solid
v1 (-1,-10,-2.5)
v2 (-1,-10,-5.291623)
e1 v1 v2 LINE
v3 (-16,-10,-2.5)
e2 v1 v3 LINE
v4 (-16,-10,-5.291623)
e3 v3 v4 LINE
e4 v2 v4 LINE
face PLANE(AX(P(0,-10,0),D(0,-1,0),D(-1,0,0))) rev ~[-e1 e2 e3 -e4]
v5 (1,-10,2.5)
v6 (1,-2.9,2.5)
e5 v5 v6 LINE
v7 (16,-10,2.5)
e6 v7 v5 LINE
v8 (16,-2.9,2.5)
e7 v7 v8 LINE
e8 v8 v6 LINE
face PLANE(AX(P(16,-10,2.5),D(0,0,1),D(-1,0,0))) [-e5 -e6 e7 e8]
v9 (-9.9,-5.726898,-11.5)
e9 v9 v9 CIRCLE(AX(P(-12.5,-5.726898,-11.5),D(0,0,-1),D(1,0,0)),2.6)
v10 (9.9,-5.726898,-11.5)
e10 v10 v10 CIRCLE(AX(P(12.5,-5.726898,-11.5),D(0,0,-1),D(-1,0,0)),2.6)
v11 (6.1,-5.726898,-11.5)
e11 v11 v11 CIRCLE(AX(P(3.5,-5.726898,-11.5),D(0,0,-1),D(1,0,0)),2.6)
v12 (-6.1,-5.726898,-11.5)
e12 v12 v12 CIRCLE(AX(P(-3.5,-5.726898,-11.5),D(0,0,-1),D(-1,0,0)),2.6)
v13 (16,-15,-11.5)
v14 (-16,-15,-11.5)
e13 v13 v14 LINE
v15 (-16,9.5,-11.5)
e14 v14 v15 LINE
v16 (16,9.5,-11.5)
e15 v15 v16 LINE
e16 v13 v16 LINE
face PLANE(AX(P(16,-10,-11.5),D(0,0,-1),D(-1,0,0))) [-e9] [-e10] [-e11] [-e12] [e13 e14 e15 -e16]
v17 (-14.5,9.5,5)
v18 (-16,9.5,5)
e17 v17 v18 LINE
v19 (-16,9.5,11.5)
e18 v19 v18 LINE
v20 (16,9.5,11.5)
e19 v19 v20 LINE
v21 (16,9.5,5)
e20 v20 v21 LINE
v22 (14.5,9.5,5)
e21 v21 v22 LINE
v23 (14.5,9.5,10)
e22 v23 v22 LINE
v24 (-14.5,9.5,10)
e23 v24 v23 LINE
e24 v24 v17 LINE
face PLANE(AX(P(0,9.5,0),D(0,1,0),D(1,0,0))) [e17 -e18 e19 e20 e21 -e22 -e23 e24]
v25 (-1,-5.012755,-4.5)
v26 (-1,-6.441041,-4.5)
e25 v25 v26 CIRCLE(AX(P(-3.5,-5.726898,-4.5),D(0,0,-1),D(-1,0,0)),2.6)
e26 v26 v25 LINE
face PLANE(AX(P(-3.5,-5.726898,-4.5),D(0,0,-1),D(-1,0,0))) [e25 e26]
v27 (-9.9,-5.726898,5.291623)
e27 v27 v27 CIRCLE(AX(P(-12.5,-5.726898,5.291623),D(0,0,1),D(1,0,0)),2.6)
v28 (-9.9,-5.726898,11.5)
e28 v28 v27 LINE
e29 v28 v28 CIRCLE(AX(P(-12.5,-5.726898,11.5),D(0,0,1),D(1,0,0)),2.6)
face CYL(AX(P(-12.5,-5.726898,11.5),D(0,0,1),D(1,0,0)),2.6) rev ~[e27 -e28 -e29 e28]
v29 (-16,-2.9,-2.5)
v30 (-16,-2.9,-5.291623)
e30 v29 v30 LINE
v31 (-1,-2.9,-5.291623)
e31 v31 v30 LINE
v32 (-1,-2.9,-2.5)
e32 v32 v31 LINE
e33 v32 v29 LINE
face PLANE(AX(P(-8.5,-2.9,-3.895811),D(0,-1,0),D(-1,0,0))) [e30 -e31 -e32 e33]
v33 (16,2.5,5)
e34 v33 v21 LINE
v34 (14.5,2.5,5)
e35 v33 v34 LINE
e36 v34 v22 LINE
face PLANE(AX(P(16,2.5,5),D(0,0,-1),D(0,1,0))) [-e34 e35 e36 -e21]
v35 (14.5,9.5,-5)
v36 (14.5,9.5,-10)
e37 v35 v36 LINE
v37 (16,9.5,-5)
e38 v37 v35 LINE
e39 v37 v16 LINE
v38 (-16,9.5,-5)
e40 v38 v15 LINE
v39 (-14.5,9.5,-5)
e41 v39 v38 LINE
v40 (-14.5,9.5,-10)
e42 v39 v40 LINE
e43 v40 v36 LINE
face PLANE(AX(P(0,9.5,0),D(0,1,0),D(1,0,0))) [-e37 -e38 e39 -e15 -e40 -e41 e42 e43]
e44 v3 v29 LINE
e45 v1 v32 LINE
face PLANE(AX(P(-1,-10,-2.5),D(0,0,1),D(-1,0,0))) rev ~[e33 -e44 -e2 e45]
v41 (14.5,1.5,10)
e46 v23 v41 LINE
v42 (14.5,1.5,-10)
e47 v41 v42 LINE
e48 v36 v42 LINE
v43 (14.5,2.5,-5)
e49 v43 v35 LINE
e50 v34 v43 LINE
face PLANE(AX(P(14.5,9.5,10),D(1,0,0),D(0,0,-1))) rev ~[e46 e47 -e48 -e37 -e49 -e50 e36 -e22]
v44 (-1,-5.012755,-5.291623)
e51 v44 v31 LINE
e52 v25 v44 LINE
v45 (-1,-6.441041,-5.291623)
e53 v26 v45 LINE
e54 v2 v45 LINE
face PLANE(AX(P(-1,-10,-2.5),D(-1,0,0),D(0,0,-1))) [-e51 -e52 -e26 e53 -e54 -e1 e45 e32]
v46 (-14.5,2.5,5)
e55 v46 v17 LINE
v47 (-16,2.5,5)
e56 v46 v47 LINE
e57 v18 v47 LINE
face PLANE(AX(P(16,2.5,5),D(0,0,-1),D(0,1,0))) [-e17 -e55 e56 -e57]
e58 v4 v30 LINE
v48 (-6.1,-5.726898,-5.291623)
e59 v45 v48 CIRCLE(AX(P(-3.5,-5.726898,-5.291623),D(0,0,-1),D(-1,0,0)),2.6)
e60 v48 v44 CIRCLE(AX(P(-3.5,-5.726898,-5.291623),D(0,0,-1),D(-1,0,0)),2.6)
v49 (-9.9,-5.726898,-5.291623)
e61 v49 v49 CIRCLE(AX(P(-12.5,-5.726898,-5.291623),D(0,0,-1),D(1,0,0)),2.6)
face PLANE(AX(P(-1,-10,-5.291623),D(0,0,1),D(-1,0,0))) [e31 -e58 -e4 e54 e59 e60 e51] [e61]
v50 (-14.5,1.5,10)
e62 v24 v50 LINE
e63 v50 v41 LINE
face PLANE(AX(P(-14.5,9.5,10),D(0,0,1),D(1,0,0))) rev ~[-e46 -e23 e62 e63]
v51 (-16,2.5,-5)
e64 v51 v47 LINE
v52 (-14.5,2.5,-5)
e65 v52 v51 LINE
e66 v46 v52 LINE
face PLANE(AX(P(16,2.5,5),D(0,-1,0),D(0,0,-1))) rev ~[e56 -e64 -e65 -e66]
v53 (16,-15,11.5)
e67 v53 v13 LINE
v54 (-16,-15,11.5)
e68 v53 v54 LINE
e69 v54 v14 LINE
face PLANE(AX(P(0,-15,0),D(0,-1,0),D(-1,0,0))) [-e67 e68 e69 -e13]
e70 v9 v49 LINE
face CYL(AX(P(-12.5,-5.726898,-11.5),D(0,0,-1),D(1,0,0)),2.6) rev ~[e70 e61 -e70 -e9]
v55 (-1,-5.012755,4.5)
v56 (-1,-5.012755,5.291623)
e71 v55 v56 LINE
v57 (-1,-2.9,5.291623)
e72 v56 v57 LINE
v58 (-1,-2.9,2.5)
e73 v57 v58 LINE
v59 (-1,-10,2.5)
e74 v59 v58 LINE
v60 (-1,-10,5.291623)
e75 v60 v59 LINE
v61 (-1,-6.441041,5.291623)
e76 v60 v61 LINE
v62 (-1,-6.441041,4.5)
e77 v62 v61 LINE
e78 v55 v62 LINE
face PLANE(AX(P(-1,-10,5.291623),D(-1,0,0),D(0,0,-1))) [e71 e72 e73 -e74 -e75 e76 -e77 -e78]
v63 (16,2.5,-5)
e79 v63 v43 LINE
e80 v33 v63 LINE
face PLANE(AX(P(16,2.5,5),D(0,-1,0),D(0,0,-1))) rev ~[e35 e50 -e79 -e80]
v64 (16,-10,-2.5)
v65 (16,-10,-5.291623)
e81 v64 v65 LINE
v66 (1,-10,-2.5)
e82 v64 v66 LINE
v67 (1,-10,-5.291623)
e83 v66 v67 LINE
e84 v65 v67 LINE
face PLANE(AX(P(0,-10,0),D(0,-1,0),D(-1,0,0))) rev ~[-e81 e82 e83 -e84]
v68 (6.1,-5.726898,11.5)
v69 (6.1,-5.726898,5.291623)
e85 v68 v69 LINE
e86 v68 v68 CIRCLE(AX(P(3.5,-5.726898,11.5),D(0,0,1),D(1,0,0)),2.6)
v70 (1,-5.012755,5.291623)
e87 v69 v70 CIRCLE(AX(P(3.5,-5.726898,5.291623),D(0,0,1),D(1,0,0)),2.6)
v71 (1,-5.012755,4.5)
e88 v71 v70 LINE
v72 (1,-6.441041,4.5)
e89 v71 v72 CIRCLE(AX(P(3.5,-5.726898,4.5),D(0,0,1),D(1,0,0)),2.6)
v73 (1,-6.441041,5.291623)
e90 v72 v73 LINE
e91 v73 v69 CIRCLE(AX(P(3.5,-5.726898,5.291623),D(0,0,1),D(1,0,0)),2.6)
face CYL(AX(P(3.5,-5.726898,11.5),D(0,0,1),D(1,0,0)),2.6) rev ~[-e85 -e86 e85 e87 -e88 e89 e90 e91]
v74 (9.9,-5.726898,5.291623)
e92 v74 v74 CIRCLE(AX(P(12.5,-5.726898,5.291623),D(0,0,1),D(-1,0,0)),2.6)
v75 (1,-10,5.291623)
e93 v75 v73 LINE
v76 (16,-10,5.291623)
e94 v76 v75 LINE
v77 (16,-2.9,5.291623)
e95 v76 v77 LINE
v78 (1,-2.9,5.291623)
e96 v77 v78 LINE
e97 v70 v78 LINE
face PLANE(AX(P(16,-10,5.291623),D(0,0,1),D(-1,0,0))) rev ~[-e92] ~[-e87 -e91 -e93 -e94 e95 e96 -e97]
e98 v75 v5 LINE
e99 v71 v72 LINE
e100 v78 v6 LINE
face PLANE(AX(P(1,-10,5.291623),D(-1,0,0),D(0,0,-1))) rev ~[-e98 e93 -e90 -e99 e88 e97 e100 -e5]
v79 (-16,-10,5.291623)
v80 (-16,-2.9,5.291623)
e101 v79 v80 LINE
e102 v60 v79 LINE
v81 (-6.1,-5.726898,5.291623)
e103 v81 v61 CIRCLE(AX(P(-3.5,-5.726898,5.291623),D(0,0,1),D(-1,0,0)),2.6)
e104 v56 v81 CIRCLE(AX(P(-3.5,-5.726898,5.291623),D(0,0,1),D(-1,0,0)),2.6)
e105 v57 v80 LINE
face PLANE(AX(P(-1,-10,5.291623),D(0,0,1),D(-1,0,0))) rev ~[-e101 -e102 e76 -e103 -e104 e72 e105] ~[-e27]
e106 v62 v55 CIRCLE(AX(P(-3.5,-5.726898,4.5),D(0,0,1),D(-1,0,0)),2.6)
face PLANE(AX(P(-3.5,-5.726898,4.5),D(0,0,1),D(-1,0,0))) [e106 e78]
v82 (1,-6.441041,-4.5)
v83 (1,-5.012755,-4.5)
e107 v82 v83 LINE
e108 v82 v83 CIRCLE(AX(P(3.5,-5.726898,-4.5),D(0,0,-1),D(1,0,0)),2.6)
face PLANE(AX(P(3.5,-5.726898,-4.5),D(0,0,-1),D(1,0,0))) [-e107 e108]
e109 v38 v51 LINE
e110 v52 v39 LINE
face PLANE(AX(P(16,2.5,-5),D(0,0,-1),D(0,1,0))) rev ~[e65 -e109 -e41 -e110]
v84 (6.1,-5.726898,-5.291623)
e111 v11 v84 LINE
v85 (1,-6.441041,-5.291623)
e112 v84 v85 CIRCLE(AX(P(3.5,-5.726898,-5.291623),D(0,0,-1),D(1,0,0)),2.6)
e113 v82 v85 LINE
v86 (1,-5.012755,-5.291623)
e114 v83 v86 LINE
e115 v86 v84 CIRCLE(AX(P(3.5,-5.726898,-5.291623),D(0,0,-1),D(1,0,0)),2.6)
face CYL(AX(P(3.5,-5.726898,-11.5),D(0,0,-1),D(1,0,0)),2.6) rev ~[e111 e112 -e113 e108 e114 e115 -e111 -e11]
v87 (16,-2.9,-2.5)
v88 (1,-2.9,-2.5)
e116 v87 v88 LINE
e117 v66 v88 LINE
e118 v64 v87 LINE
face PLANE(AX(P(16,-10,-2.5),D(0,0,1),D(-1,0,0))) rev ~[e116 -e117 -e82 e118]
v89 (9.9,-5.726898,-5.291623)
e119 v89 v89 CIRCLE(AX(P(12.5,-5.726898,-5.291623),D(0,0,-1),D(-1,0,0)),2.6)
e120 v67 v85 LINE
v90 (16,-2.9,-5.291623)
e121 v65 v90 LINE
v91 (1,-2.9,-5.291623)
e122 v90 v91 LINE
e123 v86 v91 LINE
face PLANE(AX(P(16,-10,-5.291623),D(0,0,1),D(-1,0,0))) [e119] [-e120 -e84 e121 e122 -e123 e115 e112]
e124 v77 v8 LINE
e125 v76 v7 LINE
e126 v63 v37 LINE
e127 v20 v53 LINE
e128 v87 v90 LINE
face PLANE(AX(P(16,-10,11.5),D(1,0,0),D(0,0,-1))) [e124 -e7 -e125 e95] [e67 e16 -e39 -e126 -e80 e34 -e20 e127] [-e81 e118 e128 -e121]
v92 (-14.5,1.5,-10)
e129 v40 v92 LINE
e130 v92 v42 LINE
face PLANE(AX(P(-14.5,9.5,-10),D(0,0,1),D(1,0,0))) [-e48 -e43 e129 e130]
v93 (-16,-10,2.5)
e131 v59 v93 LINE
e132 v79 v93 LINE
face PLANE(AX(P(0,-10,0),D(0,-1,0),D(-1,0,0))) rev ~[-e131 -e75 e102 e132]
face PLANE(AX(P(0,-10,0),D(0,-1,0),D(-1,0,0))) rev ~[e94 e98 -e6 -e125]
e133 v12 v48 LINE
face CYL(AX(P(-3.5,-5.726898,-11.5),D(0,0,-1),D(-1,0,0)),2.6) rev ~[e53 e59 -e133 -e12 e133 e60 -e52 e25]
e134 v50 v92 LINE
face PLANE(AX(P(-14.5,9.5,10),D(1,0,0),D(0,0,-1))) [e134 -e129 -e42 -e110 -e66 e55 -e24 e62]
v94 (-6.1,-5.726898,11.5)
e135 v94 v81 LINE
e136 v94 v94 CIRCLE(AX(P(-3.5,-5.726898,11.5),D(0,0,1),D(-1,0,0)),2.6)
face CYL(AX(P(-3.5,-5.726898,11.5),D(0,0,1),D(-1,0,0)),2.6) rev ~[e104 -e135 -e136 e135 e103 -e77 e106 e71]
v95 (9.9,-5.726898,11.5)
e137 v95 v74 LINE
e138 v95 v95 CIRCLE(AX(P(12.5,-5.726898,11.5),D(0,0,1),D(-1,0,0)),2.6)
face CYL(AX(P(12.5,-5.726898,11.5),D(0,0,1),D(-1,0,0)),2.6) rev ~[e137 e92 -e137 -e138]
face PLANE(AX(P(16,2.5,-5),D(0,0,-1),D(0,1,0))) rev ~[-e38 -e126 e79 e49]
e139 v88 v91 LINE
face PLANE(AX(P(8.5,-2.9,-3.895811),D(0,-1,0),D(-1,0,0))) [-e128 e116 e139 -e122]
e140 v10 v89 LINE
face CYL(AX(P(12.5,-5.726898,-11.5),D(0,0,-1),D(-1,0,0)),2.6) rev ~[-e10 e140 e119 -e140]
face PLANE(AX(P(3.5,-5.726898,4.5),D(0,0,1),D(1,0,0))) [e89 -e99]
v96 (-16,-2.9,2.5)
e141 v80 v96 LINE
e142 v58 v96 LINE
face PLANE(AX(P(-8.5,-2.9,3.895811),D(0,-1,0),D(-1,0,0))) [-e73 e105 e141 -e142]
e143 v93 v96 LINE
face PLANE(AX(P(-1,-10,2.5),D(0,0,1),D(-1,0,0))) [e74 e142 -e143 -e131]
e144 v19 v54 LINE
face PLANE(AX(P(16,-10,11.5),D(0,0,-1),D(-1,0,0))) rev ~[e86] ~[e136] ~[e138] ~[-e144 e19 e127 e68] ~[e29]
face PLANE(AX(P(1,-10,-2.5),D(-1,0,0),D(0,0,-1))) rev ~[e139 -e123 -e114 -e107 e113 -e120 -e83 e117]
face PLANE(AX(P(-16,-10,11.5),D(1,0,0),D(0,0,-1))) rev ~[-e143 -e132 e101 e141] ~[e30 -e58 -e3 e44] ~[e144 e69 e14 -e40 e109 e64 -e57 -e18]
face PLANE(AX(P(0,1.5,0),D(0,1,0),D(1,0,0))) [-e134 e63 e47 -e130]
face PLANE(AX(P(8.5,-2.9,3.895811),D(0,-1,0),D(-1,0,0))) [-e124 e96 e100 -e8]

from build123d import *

# Parameters (mm, degrees)
SKETCH4_W           = 32
SKETCH4_H           = 23
BOSS_EXTRUDE3_DEPTH = 9.5
SKETCH5_W           = 29
SKETCH5_H           = 20
CUT_EXTRUDE2_DEPTH  = 8
SKETCH7_W           = 10
SKETCH7_H           = 7
CUT_EXTRUDE4_DEPTH  = 36.305806888
SKETCH8_W           = 32
SKETCH8_H           = 23
BOSS_EXTRUDE4_DEPTH = 10
SKETCH12_R          = 2.6
CUT_EXTRUDE5_DEPTH  = 7
CIRPATTERN1_COUNT   = 2
CIRPATTERN1_ANGLE   = 180
SKETCH13_W          = 15
SKETCH13_H          = 2.791622882
CUT_EXTRUDE6_DEPTH  = 7.1
SKETCH14_W          = 32
SKETCH14_H          = 23
BOSS_EXTRUDE5_DEPTH = 5


with BuildPart() as part:
    # Sketch4 → Boss-Extrude3 (new body)
    with BuildSketch(Plane(origin=(0, 0, 0), x_dir=(1, 0, 0), z_dir=(0, 1, 0))):
        Rectangle(SKETCH4_W, SKETCH4_H)
    extrude(amount=BOSS_EXTRUDE3_DEPTH)

    # Sketch5 → Cut-Extrude2 (cut)
    with BuildSketch(Plane(origin=(0, 9.5, 0), x_dir=(1, 0, 0), z_dir=(0, 1, 0))):
        Rectangle(SKETCH5_W, SKETCH5_H)
    extrude(amount=-CUT_EXTRUDE2_DEPTH, mode=Mode.SUBTRACT)

    # Sketch7 → Cut-Extrude4 (cut, through all)
    with BuildSketch(Plane(origin=(16, 0, 0), x_dir=(0, 0, -1), z_dir=(1, 0, 0))):
        with Locations((0, 6)):
            Rectangle(SKETCH7_W, SKETCH7_H)
    extrude(amount=-CUT_EXTRUDE4_DEPTH, mode=Mode.SUBTRACT)

    # Sketch8 → Boss-Extrude4 (add)
    with BuildSketch(Plane(origin=(0, 0, 0), x_dir=(-1, 0, 0), z_dir=(0, -1, 0))):
        Rectangle(SKETCH8_W, SKETCH8_H)
    extrude(amount=BOSS_EXTRUDE4_DEPTH)

    # Sketch12 → Cut-Extrude5 (cut)
    with BuildSketch(Plane(origin=(0, 0, -11.5), x_dir=(-1, 0, 0), z_dir=(0, 0, -1))):
        with Locations((-12.5, -5.726898225)):
            Circle(SKETCH12_R)
        with Locations(Location((-3.5, -5.726898225, 0), (0, 0, 180))):
            Circle(SKETCH12_R)
        with Locations((3.5, -5.726898225)):
            Circle(SKETCH12_R)
        with Locations(Location((12.5, -5.726898225, 0), (0, 0, 180))):
            Circle(SKETCH12_R)
    cut_extrude5 = extrude(amount=-CUT_EXTRUDE5_DEPTH, mode=Mode.SUBTRACT)

    # CirPattern1: Cut-Extrude5 ×2 about axis
    cirpattern1_axis = Axis((0, 1.5, 0), (0, -1, 0))
    for i in range(1, CIRPATTERN1_COUNT):
        add(cut_extrude5.rotate(cirpattern1_axis, i * CIRPATTERN1_ANGLE / (CIRPATTERN1_COUNT - 1)), mode=Mode.SUBTRACT)

    # Sketch13 → Cut-Extrude6 (cut)
    with BuildSketch(Plane(origin=(0, -10, 0), x_dir=(-1, 0, 0), z_dir=(0, -1, 0))):
        with Locations((8.5, 3.895811441)):
            Rectangle(SKETCH13_W, SKETCH13_H)
        with Locations((-8.5, 3.895811441)):
            Rectangle(SKETCH13_W, SKETCH13_H)
        with Locations((-8.5, -3.895811441)):
            Rectangle(SKETCH13_W, SKETCH13_H)
        with Locations((8.5, -3.895811441)):
            Rectangle(SKETCH13_W, SKETCH13_H)
    extrude(amount=-CUT_EXTRUDE6_DEPTH, mode=Mode.SUBTRACT)

    # Sketch14 → Boss-Extrude5 (add)
    with BuildSketch(Plane(origin=(0, -10, 0), x_dir=(-1, 0, 0), z_dir=(0, -1, 0))):
        Rectangle(SKETCH14_W, SKETCH14_H)
    extrude(amount=BOSS_EXTRUDE5_DEPTH)


solid = part.part
